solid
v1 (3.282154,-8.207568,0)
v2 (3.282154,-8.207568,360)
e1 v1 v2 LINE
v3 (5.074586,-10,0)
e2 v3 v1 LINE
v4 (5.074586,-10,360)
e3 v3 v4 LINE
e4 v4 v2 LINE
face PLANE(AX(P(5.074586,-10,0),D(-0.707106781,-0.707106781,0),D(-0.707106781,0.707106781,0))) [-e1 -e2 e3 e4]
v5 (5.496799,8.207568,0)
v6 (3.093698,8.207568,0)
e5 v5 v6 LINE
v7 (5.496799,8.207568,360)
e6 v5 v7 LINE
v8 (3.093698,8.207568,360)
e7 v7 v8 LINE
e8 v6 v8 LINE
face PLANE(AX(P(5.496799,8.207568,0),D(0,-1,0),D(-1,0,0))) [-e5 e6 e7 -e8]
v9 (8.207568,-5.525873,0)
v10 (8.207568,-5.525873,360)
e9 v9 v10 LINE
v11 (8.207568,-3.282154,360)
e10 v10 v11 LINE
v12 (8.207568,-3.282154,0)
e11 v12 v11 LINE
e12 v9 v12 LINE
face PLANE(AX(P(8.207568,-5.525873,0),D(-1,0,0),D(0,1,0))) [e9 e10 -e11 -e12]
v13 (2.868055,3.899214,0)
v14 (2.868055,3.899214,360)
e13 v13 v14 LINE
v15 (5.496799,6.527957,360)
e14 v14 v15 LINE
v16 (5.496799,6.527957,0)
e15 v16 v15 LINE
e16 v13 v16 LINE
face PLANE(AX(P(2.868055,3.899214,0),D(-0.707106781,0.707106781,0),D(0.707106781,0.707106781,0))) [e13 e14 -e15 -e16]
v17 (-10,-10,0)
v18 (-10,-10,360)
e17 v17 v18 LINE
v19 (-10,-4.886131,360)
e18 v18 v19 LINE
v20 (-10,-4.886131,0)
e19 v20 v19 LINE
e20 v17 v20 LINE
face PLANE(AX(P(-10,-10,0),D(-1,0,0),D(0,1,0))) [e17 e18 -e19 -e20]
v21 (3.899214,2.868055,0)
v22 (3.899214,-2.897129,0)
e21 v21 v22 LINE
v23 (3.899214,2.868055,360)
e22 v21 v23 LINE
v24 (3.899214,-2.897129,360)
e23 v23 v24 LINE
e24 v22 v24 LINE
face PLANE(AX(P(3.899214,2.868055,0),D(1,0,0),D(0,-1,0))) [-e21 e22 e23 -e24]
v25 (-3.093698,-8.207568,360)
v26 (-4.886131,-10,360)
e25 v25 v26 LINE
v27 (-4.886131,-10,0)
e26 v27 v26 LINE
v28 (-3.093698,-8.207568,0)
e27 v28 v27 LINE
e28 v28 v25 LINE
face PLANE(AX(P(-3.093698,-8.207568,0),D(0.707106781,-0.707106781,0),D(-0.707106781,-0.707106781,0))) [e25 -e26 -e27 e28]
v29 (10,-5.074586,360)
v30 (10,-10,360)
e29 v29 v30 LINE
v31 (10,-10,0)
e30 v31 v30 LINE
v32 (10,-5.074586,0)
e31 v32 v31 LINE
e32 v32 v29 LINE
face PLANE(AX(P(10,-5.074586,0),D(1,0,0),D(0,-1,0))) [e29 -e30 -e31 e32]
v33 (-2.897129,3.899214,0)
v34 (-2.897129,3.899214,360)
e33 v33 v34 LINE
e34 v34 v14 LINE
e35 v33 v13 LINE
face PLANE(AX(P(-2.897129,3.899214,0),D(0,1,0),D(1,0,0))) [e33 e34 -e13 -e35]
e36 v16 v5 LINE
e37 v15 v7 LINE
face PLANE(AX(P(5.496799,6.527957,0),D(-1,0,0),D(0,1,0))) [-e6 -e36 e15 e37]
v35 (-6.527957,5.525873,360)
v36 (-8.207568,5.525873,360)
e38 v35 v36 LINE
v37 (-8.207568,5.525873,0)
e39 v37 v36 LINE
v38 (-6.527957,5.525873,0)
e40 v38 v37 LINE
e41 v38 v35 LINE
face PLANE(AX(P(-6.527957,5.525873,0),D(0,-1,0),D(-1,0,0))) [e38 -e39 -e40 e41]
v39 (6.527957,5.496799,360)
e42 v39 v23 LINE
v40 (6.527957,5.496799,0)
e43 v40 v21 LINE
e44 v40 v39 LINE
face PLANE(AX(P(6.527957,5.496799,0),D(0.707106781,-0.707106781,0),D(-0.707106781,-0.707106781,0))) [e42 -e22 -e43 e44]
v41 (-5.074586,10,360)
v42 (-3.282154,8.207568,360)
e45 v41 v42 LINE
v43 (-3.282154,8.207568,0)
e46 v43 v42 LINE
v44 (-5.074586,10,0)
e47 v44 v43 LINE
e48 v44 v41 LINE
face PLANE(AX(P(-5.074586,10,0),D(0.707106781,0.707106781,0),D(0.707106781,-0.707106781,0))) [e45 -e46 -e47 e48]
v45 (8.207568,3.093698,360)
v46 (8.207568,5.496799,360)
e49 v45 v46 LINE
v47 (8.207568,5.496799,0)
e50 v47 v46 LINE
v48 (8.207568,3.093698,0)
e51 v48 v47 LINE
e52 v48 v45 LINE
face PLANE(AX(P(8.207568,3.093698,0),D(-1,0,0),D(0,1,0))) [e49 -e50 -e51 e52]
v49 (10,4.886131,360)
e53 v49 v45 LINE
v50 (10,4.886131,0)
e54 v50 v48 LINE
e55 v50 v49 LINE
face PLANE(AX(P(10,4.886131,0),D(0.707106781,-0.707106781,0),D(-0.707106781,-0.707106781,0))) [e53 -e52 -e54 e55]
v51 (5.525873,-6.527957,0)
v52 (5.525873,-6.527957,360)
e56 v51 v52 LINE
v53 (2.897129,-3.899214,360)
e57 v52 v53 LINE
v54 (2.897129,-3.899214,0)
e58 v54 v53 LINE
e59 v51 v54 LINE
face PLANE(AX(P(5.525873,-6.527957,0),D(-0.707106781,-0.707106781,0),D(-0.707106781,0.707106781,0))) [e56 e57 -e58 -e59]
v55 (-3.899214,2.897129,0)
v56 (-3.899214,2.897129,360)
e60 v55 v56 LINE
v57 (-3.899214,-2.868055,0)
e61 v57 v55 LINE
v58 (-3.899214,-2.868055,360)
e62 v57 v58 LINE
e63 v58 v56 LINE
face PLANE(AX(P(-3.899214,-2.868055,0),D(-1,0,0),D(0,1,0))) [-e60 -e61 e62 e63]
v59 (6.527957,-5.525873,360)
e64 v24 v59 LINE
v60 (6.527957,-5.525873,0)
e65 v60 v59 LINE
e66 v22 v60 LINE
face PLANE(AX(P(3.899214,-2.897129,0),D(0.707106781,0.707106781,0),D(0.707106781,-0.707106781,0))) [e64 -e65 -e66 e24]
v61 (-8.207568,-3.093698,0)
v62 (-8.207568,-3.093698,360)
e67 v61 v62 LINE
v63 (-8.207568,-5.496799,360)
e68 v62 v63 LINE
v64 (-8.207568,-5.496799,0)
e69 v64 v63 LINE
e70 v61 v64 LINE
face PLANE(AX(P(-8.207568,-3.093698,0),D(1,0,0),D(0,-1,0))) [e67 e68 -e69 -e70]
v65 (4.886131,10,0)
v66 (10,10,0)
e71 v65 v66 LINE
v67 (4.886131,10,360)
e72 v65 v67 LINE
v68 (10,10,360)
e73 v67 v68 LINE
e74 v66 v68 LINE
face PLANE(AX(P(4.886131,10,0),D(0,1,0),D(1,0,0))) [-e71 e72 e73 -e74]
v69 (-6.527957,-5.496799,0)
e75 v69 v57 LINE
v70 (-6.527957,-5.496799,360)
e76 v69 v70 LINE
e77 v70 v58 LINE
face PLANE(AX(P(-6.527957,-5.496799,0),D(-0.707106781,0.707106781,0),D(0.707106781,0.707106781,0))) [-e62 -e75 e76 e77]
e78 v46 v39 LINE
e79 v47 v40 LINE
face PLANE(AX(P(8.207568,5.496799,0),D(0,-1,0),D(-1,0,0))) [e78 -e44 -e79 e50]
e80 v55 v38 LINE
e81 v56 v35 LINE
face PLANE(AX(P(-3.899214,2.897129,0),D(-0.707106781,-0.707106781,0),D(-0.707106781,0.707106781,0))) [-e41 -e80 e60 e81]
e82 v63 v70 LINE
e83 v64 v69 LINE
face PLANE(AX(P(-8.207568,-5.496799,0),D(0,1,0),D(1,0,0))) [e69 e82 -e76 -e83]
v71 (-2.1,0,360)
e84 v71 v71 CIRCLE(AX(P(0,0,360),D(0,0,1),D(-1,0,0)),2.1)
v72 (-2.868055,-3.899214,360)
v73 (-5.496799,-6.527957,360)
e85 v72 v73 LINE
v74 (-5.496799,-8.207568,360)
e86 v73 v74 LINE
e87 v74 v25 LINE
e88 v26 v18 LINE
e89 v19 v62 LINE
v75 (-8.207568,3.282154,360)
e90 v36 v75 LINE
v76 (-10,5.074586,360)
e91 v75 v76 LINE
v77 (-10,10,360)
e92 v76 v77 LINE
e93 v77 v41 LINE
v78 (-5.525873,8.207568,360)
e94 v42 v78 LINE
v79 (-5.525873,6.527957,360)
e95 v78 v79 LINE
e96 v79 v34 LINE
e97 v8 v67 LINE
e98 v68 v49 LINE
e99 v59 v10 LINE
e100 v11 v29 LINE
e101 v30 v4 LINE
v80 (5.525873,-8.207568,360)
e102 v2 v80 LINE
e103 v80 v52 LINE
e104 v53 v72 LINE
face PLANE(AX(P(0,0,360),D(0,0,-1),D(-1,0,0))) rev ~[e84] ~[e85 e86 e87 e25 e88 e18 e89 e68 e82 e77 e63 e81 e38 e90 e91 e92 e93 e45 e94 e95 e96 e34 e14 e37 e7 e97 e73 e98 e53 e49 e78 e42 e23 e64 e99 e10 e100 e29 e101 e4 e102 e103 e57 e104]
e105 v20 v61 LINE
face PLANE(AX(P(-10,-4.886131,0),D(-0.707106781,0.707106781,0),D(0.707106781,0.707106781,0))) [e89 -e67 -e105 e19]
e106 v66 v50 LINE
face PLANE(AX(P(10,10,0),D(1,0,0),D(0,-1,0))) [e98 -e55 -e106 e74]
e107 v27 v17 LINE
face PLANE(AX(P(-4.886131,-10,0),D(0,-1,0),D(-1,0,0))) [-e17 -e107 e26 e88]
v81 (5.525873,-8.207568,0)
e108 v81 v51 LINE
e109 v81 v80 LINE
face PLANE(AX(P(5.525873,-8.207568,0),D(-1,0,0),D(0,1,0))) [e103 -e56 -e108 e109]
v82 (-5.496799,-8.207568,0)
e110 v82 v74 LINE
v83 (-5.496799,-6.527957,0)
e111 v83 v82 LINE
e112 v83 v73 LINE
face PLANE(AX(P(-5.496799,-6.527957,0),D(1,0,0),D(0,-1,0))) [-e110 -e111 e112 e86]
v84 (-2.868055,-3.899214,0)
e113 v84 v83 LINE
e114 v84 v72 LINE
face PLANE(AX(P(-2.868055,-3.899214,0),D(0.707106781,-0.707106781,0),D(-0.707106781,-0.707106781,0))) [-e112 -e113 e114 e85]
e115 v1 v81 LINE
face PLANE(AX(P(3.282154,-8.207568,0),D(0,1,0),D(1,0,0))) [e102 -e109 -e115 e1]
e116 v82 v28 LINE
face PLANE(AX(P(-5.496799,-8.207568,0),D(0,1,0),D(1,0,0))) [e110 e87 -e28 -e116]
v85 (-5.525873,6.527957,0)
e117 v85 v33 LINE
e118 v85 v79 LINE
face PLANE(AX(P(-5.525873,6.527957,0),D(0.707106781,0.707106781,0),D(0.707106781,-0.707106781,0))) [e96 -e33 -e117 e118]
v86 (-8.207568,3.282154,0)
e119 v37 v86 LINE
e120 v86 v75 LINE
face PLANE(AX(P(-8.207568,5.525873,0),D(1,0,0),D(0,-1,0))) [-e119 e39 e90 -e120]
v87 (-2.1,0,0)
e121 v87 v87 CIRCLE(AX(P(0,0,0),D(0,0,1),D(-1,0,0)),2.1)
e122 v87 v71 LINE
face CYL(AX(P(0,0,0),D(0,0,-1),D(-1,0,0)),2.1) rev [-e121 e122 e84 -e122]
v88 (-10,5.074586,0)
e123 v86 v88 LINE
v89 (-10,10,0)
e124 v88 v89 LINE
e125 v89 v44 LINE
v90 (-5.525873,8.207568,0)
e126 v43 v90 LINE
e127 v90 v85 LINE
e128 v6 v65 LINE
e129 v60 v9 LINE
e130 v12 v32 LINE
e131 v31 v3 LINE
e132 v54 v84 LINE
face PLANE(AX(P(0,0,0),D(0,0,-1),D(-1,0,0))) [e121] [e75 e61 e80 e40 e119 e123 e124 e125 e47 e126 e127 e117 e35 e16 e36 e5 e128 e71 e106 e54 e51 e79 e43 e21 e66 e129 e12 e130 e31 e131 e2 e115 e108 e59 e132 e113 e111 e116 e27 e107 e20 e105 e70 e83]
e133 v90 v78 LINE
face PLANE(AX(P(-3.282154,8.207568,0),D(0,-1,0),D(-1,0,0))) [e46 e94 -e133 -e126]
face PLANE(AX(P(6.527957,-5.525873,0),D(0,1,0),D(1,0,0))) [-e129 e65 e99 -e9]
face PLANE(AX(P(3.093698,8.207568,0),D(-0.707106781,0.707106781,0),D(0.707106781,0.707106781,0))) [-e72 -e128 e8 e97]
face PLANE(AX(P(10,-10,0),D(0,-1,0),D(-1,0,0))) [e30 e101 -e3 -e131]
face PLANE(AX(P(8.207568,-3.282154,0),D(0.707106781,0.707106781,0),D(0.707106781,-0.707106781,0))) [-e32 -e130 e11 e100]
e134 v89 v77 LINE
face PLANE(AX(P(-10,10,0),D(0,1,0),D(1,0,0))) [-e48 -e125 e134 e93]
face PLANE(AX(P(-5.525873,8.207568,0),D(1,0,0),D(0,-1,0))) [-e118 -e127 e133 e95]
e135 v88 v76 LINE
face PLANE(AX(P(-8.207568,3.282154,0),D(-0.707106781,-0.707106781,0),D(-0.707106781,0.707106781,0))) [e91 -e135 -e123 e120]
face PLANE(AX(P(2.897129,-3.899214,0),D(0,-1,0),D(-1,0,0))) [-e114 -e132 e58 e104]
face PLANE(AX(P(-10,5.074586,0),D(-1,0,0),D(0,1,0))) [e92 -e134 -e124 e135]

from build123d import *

# Parameters (mm, degrees)
SKETCH1_R           = 2.1
BOSS_EXTRUDE1_DEPTH = 360


with BuildPart() as part:
    # Sketch1 (on Front Plane) → Boss-Extrude1 (new body)
    with BuildSketch(Plane.XY):
        Polygon((-5.074586208, 10), (-3.28215401, 8.207567802), (-5.525872647, 8.207567802), (-5.525872647, 6.527957213), (-2.897129144, 3.89921371), (2.868055105, 3.89921371), (5.496798608, 6.527957213), (5.496798608, 8.207567802), (3.093698324, 8.207567802), (4.886130522, 10), (10, 10), (10, 4.886130522), (8.207567802, 3.093698324), (8.207567802, 5.496798608), (6.527957213, 5.496798608), (3.89921371, 2.868055105), (3.89921371, -2.897129144), (6.527957213, -5.525872647), (8.207567802, -5.525872647), (8.207567802, -3.28215401), (10, -5.074586208), (10, -10), (5.074586208, -10), (3.28215401, -8.207567802), (5.525872647, -8.207567802), (5.525872647, -6.527957213), (2.897129144, -3.89921371), (-2.868055105, -3.89921371), (-5.496798608, -6.527957213), (-5.496798608, -8.207567802), (-3.093698324, -8.207567802), (-4.886130522, -10), (-10, -10), (-10, -4.886130522), (-8.207567802, -3.093698324), (-8.207567802, -5.496798608), (-6.527957213, -5.496798608), (-3.89921371, -2.868055105), (-3.89921371, 2.897129144), (-6.527957213, 5.525872647), (-8.207567802, 5.525872647), (-8.207567802, 3.28215401), (-10, 5.074586208), (-10, 10), align=None)
        with Locations(Location((0, 0, 0), (0, 0, 180))):
            Circle(SKETCH1_R, mode=Mode.SUBTRACT)
    extrude(amount=BOSS_EXTRUDE1_DEPTH)


solid = part.part
